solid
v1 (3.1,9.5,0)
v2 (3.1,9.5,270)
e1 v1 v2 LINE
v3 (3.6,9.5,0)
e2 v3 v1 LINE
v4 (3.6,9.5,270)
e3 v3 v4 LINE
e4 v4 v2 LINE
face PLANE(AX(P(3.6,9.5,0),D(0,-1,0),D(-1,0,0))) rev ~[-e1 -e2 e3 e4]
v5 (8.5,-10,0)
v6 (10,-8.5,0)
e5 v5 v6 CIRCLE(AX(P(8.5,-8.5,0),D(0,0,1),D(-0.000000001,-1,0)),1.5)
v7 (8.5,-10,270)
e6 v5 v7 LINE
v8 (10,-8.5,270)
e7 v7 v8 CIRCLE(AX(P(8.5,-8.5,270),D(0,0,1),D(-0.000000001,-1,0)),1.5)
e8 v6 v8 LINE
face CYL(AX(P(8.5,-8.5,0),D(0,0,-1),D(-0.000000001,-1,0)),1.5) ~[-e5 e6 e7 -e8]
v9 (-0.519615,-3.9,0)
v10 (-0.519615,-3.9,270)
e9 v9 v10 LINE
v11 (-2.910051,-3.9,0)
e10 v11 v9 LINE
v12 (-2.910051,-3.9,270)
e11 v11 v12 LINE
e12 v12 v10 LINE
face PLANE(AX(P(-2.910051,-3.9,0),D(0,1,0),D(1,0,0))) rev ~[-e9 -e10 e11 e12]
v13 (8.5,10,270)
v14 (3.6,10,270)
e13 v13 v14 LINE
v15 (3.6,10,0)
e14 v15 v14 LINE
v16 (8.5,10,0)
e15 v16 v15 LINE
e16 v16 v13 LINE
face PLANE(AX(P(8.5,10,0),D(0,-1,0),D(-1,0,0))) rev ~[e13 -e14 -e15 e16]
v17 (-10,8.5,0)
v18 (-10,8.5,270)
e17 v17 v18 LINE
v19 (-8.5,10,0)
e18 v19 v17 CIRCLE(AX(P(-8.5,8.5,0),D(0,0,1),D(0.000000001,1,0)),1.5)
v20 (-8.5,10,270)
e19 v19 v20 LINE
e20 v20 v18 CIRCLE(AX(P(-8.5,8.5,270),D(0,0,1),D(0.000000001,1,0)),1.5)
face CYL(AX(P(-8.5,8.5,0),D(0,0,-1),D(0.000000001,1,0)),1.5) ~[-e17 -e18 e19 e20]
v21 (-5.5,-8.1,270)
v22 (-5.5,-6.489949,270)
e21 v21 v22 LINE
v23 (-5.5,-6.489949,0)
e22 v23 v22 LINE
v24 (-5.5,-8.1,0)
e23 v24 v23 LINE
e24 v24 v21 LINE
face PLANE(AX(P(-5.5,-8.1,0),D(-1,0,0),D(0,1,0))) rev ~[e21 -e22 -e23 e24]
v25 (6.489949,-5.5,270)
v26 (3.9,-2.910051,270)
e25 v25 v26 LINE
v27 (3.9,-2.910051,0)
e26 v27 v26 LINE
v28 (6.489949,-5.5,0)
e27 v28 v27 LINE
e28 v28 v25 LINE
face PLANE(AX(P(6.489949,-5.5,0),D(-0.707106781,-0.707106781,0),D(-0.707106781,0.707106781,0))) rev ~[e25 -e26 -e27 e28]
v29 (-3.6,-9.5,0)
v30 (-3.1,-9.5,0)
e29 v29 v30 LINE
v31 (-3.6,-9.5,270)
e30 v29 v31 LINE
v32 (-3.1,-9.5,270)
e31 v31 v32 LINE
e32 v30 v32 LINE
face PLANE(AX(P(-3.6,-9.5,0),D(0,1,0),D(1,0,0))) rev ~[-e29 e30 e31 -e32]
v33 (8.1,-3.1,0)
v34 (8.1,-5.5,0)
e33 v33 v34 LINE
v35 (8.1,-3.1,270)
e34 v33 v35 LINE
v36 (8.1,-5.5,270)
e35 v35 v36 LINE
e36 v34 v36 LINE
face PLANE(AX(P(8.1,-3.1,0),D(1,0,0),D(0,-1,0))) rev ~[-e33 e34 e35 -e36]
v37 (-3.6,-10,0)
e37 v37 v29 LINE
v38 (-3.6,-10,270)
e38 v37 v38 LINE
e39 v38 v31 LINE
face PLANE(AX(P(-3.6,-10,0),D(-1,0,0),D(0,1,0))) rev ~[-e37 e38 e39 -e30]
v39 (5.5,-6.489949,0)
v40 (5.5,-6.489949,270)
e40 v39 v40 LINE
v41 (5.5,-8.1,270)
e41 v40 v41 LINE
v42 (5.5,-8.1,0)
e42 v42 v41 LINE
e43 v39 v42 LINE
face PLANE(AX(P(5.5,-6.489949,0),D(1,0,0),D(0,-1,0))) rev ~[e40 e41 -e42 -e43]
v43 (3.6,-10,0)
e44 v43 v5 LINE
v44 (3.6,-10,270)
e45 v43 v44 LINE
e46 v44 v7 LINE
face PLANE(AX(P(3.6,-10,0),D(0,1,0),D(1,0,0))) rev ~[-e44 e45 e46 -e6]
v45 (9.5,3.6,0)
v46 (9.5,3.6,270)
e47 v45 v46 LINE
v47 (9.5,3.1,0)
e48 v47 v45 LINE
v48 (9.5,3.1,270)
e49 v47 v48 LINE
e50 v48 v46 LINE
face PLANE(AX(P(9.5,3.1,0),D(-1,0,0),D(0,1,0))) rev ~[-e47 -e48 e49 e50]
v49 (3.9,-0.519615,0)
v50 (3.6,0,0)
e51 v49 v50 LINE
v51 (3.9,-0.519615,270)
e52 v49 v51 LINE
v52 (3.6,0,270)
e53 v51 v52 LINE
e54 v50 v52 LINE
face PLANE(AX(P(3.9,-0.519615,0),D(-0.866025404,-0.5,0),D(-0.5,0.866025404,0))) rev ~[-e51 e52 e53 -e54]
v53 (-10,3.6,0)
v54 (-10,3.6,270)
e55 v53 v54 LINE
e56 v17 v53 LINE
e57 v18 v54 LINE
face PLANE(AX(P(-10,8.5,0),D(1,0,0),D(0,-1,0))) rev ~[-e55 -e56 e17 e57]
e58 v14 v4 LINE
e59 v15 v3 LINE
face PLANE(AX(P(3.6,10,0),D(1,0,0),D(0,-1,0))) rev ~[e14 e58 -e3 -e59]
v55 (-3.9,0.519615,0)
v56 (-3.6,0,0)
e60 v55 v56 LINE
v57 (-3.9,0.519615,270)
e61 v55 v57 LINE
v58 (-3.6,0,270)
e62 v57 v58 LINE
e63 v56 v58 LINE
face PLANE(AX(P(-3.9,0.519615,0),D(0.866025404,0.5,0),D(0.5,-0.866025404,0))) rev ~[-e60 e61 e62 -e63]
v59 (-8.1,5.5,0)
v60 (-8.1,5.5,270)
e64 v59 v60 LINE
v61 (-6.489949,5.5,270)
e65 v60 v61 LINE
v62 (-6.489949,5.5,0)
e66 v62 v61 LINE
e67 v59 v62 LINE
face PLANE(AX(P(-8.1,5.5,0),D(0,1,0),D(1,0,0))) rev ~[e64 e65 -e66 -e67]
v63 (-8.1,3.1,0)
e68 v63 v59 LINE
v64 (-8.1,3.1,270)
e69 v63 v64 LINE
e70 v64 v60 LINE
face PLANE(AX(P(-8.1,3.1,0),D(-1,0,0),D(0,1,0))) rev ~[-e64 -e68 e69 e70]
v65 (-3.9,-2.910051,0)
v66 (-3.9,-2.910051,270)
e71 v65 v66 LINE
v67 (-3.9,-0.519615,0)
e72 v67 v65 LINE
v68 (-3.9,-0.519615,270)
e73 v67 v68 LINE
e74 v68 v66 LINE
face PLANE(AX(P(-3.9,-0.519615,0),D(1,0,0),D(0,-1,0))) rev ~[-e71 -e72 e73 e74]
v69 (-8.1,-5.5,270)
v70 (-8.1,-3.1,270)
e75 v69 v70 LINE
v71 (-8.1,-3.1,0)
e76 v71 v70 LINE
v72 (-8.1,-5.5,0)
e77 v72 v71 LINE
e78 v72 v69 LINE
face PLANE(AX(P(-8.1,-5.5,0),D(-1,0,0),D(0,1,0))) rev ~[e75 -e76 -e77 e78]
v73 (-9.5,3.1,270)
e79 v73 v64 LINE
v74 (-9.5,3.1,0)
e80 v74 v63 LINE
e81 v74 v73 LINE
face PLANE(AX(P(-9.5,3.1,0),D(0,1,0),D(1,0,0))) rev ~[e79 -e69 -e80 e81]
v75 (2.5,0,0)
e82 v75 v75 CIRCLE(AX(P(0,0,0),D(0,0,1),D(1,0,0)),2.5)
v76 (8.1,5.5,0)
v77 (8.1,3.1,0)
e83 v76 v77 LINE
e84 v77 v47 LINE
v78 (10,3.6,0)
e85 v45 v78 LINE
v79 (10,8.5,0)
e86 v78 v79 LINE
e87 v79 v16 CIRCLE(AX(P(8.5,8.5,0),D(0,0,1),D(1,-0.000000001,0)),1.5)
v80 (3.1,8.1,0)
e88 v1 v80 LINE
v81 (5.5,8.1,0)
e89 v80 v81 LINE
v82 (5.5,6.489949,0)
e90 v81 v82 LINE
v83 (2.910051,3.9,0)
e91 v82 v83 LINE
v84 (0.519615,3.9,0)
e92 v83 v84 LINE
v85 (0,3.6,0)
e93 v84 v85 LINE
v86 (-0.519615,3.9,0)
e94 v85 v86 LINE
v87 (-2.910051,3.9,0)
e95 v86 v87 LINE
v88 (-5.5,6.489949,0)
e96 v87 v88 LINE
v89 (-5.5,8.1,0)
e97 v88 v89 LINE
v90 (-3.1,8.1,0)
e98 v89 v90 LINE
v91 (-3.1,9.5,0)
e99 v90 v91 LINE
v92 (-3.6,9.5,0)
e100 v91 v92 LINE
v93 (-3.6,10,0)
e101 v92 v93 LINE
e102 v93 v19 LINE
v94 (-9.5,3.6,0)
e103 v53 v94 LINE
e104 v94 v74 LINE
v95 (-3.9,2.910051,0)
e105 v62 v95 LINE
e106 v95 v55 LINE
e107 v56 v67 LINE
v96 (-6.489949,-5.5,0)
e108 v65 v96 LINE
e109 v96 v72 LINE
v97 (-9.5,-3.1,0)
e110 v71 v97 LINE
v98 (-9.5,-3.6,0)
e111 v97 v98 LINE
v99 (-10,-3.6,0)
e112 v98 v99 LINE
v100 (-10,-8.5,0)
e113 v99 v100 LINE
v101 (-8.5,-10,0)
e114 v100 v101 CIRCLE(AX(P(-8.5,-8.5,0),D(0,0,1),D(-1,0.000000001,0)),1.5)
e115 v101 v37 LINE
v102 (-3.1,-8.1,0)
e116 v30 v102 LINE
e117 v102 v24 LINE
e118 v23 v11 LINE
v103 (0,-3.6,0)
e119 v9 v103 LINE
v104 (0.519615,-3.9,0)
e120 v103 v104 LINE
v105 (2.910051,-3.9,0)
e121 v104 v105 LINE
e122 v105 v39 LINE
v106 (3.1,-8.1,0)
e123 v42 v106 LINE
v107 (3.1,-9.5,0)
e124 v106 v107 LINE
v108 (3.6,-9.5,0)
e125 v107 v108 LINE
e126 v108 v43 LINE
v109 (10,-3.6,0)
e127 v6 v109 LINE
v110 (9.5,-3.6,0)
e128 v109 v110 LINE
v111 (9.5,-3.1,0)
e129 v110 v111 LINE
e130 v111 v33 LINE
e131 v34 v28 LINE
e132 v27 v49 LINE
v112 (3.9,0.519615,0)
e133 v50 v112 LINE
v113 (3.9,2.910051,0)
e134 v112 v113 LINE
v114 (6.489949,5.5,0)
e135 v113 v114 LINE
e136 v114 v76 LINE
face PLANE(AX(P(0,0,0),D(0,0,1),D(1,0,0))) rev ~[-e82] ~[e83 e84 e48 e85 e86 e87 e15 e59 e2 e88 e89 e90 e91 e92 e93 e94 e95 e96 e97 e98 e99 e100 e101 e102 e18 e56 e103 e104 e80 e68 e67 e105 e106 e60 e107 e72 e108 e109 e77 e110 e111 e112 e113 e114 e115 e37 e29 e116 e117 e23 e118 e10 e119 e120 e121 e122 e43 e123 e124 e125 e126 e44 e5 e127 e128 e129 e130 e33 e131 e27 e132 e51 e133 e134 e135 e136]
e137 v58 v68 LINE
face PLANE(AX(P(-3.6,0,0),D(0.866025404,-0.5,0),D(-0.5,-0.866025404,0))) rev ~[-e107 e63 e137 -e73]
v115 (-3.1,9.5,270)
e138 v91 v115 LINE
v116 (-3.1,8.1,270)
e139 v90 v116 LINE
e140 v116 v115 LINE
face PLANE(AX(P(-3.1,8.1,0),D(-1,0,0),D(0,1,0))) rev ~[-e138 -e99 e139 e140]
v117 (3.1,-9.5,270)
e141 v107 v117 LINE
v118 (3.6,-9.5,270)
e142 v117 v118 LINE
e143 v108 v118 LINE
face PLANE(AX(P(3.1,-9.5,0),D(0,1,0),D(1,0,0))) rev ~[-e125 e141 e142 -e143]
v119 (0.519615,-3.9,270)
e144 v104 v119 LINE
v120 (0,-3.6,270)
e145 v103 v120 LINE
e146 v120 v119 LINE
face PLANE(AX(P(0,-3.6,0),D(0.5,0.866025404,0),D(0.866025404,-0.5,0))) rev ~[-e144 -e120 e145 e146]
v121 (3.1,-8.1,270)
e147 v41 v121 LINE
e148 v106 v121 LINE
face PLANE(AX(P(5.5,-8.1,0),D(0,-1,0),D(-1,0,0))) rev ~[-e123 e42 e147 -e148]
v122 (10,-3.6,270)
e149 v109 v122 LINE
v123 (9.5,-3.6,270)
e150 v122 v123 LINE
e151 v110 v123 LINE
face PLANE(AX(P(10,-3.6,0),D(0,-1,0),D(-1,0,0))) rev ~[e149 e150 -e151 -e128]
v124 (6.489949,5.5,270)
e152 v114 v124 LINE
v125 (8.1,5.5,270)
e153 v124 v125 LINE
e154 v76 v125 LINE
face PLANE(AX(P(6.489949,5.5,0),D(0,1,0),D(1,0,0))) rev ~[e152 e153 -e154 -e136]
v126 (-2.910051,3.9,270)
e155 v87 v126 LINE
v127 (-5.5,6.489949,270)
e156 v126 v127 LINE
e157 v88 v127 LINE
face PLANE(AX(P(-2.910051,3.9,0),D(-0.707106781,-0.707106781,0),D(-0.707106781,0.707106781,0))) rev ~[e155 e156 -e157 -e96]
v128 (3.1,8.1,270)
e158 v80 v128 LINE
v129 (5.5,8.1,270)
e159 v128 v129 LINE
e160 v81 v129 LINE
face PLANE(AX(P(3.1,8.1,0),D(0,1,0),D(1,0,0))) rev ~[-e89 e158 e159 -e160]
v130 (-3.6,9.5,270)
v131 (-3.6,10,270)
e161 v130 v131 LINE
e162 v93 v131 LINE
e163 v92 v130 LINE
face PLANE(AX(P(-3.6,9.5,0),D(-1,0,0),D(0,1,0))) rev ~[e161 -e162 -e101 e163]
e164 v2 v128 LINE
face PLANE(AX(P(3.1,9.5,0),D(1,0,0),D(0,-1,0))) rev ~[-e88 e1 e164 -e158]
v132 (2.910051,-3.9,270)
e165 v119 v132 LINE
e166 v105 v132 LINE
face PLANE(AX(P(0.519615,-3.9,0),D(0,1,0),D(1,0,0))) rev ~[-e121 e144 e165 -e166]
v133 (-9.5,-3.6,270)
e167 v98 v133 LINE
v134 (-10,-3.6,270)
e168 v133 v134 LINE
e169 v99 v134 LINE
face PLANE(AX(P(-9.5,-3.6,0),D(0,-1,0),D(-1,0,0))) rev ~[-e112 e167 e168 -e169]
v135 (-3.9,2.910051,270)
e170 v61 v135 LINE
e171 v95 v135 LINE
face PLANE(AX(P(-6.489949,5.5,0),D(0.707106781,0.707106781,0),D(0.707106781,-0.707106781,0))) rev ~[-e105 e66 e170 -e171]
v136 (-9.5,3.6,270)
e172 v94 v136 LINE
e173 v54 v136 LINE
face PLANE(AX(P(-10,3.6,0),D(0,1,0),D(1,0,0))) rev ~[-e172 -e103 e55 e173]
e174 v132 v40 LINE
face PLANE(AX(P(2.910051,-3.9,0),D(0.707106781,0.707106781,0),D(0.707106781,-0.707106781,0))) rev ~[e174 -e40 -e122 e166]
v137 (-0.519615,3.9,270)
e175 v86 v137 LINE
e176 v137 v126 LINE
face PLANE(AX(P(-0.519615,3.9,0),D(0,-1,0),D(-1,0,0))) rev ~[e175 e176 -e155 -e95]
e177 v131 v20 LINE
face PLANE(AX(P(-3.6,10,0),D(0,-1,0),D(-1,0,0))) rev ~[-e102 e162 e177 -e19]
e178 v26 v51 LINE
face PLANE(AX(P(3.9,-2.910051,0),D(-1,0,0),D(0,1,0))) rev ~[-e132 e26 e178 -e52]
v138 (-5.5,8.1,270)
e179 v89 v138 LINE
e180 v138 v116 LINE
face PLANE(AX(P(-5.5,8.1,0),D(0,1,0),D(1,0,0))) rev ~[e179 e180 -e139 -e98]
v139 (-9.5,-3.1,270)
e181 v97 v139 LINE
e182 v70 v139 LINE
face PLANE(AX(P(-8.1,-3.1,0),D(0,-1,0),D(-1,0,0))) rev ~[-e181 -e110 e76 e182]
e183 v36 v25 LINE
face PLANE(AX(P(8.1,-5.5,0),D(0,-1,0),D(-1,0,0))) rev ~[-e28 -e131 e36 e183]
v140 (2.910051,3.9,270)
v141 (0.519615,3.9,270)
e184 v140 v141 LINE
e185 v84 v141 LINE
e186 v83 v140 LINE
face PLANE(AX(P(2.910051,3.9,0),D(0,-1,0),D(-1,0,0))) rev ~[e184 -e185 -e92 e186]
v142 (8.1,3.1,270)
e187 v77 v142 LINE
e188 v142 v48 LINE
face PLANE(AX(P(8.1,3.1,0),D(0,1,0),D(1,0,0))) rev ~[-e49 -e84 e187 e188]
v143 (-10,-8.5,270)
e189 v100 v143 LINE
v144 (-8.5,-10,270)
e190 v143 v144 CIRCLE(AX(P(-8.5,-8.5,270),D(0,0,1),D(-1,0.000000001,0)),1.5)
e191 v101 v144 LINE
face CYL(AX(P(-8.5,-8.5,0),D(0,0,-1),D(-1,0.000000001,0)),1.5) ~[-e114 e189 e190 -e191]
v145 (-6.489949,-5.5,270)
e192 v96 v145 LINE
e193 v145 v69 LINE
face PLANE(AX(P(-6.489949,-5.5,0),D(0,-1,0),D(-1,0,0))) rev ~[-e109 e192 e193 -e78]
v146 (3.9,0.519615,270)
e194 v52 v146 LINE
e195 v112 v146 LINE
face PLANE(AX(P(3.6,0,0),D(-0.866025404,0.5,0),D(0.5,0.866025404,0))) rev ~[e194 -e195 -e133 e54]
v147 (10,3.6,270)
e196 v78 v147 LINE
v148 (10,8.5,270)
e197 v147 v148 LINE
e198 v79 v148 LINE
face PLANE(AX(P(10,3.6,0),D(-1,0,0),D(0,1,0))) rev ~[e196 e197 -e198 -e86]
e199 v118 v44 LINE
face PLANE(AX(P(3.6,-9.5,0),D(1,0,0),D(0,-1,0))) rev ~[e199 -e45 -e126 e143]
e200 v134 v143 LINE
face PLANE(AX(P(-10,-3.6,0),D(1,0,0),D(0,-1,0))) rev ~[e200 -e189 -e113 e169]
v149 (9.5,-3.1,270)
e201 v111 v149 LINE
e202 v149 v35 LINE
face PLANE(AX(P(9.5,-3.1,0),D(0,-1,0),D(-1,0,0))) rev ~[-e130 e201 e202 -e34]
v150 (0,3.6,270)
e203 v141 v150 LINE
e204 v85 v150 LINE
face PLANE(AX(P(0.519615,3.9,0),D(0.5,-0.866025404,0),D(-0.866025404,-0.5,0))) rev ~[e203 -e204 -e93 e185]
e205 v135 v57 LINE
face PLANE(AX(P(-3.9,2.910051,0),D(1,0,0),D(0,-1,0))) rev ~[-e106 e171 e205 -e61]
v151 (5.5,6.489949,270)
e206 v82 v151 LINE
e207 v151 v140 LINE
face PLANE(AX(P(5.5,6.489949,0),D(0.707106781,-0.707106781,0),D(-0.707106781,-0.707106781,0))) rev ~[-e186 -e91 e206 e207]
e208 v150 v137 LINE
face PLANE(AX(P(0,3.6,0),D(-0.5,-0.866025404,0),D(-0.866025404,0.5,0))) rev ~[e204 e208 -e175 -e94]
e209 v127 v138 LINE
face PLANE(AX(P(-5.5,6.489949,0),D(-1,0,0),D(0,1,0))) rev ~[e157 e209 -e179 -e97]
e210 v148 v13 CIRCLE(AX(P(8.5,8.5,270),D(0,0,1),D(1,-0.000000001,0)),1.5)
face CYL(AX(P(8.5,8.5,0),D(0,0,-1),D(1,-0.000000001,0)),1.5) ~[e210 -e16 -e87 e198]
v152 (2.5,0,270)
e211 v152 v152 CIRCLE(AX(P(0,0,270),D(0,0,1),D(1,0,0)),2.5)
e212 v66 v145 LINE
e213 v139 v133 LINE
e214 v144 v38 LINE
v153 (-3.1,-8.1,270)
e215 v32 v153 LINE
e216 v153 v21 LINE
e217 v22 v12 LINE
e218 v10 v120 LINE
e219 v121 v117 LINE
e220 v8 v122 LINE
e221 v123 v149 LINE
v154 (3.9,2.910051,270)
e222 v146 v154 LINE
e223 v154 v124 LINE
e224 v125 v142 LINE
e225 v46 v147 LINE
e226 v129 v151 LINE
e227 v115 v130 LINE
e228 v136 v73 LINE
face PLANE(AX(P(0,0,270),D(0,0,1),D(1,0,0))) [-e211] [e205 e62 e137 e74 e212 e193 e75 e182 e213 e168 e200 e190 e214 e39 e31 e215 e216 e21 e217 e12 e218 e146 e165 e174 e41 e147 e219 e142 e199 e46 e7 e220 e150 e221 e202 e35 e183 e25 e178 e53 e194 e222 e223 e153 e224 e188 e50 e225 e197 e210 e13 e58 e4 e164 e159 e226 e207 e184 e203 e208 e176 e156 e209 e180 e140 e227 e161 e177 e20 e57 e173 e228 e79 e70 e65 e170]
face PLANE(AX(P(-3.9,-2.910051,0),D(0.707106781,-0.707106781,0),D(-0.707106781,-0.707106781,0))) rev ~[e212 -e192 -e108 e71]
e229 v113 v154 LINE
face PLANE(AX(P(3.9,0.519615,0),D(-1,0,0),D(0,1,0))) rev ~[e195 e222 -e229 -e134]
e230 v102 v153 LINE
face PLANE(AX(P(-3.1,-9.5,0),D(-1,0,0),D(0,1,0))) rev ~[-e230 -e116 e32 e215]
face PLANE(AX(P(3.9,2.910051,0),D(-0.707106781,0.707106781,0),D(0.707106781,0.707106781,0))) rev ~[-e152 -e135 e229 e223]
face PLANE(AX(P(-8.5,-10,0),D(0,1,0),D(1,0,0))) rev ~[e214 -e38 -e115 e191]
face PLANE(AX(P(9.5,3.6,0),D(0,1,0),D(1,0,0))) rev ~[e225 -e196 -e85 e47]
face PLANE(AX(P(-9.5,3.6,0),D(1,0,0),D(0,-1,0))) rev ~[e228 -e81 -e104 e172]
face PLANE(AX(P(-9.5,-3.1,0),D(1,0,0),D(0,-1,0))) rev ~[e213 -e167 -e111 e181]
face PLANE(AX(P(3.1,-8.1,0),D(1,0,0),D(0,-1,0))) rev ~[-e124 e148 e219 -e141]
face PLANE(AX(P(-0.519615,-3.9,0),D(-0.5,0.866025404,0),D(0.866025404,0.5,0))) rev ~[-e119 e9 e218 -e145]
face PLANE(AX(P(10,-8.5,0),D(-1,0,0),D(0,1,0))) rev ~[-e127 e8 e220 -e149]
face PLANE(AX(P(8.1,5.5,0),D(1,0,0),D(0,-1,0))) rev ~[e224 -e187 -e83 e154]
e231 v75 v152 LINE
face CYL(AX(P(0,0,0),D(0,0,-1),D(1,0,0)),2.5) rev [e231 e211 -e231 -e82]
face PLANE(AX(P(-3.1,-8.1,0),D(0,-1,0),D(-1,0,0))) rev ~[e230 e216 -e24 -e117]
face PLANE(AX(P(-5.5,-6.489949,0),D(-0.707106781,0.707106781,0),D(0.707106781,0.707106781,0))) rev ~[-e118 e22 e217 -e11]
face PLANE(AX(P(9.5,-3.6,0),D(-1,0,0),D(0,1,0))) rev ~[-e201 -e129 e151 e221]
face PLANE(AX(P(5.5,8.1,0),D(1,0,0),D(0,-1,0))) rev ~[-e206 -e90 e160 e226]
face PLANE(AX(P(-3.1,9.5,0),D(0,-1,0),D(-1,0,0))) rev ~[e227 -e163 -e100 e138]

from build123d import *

# Parameters (mm, degrees)
MODEL_R         = 2.5
EXTRUDE_1_DEPTH = 270


with BuildPart() as part:
    # Model → 凸台-拉伸1 (new body)
    with BuildSketch(Plane.XY):
        with BuildLine():
            Line((-3.9, 0.519615242), (-3.6, 0))
            Line((-3.6, 0), (-3.9, -0.519615242))
            Line((-3.9, -0.519615242), (-3.9, -2.910050506))
            Line((-3.9, -2.910050506), (-6.489949494, -5.5))
            Line((-6.489949494, -5.5), (-8.1, -5.5))
            Line((-8.1, -5.5), (-8.1, -3.1))
            Line((-8.1, -3.1), (-9.5, -3.1))
            Line((-9.5, -3.1), (-9.5, -3.6))
            Line((-9.5, -3.6), (-10, -3.6))
            Line((-10, -3.6), (-10, -8.5))
            ThreePointArc((-10, -8.5), (-9.560660172, -9.560660172), (-8.5, -10))
            Line((-8.5, -10), (-3.6, -10))
            Line((-3.6, -10), (-3.6, -9.5))
            Line((-3.6, -9.5), (-3.1, -9.5))
            Line((-3.1, -9.5), (-3.1, -8.1))
            Line((-3.1, -8.1), (-5.5, -8.1))
            Line((-5.5, -8.1), (-5.5, -6.489949494))
            Line((-5.5, -6.489949494), (-2.910050506, -3.9))
            Line((-2.910050506, -3.9), (-0.519615242, -3.9))
            Line((-0.519615242, -3.9), (0, -3.6))
            Line((0, -3.6), (0.519615242, -3.9))
            Line((0.519615242, -3.9), (2.910050506, -3.9))
            Line((2.910050506, -3.9), (5.5, -6.489949494))
            Line((5.5, -6.489949494), (5.5, -8.1))
            Line((5.5, -8.1), (3.1, -8.1))
            Line((3.1, -8.1), (3.1, -9.5))
            Line((3.1, -9.5), (3.6, -9.5))
            Line((3.6, -9.5), (3.6, -10))
            Line((3.6, -10), (8.5, -10))
            ThreePointArc((8.5, -10), (9.560660172, -9.560660172), (10, -8.5))
            Line((10, -8.5), (10, -3.6))
            Line((10, -3.6), (9.5, -3.6))
            Line((9.5, -3.6), (9.5, -3.1))
            Line((9.5, -3.1), (8.1, -3.1))
            Line((8.1, -3.1), (8.1, -5.5))
            Line((8.1, -5.5), (6.489949494, -5.5))
            Line((6.489949494, -5.5), (3.9, -2.910050506))
            Line((3.9, -2.910050506), (3.9, -0.519615242))
            Line((3.9, -0.519615242), (3.6, 0))
            Line((3.6, 0), (3.9, 0.519615242))
            Line((3.9, 0.519615242), (3.9, 2.910050506))
            Line((3.9, 2.910050506), (6.489949494, 5.5))
            Line((6.489949494, 5.5), (8.1, 5.5))
            Line((8.1, 5.5), (8.1, 3.1))
            Line((8.1, 3.1), (9.5, 3.1))
            Line((9.5, 3.1), (9.5, 3.6))
            Line((9.5, 3.6), (10, 3.6))
            Line((10, 3.6), (10, 8.5))
            ThreePointArc((10, 8.5), (9.560660172, 9.560660172), (8.5, 10))
            Line((8.5, 10), (3.6, 10))
            Line((3.6, 10), (3.6, 9.5))
            Line((3.6, 9.5), (3.1, 9.5))
            Line((3.1, 9.5), (3.1, 8.1))
            Line((3.1, 8.1), (5.5, 8.1))
            Line((5.5, 8.1), (5.5, 6.489949494))
            Line((5.5, 6.489949494), (2.910050506, 3.9))
            Line((2.910050506, 3.9), (0.519615242, 3.9))
            Line((0.519615242, 3.9), (0, 3.6))
            Line((0, 3.6), (-0.519615242, 3.9))
            Line((-0.519615242, 3.9), (-2.910050506, 3.9))
            Line((-2.910050506, 3.9), (-5.5, 6.489949494))
            Line((-5.5, 6.489949494), (-5.5, 8.1))
            Line((-5.5, 8.1), (-3.1, 8.1))
            Line((-3.1, 8.1), (-3.1, 9.5))
            Line((-3.1, 9.5), (-3.6, 9.5))
            Line((-3.6, 9.5), (-3.6, 10))
            Line((-3.6, 10), (-8.5, 10))
            ThreePointArc((-8.5, 10), (-9.560660172, 9.560660172), (-10, 8.5))
            Line((-10, 8.5), (-10, 3.6))
            Line((-10, 3.6), (-9.5, 3.6))
            Line((-9.5, 3.6), (-9.5, 3.1))
            Line((-9.5, 3.1), (-8.1, 3.1))
            Line((-8.1, 3.1), (-8.1, 5.5))
            Line((-8.1, 5.5), (-6.489949494, 5.5))
            Line((-6.489949494, 5.5), (-3.9, 2.910050506))
            Line((-3.9, 2.910050506), (-3.9, 0.519615242))
        make_face()
        Circle(MODEL_R, mode=Mode.SUBTRACT)
    extrude(amount=EXTRUDE_1_DEPTH)


solid = part.part
